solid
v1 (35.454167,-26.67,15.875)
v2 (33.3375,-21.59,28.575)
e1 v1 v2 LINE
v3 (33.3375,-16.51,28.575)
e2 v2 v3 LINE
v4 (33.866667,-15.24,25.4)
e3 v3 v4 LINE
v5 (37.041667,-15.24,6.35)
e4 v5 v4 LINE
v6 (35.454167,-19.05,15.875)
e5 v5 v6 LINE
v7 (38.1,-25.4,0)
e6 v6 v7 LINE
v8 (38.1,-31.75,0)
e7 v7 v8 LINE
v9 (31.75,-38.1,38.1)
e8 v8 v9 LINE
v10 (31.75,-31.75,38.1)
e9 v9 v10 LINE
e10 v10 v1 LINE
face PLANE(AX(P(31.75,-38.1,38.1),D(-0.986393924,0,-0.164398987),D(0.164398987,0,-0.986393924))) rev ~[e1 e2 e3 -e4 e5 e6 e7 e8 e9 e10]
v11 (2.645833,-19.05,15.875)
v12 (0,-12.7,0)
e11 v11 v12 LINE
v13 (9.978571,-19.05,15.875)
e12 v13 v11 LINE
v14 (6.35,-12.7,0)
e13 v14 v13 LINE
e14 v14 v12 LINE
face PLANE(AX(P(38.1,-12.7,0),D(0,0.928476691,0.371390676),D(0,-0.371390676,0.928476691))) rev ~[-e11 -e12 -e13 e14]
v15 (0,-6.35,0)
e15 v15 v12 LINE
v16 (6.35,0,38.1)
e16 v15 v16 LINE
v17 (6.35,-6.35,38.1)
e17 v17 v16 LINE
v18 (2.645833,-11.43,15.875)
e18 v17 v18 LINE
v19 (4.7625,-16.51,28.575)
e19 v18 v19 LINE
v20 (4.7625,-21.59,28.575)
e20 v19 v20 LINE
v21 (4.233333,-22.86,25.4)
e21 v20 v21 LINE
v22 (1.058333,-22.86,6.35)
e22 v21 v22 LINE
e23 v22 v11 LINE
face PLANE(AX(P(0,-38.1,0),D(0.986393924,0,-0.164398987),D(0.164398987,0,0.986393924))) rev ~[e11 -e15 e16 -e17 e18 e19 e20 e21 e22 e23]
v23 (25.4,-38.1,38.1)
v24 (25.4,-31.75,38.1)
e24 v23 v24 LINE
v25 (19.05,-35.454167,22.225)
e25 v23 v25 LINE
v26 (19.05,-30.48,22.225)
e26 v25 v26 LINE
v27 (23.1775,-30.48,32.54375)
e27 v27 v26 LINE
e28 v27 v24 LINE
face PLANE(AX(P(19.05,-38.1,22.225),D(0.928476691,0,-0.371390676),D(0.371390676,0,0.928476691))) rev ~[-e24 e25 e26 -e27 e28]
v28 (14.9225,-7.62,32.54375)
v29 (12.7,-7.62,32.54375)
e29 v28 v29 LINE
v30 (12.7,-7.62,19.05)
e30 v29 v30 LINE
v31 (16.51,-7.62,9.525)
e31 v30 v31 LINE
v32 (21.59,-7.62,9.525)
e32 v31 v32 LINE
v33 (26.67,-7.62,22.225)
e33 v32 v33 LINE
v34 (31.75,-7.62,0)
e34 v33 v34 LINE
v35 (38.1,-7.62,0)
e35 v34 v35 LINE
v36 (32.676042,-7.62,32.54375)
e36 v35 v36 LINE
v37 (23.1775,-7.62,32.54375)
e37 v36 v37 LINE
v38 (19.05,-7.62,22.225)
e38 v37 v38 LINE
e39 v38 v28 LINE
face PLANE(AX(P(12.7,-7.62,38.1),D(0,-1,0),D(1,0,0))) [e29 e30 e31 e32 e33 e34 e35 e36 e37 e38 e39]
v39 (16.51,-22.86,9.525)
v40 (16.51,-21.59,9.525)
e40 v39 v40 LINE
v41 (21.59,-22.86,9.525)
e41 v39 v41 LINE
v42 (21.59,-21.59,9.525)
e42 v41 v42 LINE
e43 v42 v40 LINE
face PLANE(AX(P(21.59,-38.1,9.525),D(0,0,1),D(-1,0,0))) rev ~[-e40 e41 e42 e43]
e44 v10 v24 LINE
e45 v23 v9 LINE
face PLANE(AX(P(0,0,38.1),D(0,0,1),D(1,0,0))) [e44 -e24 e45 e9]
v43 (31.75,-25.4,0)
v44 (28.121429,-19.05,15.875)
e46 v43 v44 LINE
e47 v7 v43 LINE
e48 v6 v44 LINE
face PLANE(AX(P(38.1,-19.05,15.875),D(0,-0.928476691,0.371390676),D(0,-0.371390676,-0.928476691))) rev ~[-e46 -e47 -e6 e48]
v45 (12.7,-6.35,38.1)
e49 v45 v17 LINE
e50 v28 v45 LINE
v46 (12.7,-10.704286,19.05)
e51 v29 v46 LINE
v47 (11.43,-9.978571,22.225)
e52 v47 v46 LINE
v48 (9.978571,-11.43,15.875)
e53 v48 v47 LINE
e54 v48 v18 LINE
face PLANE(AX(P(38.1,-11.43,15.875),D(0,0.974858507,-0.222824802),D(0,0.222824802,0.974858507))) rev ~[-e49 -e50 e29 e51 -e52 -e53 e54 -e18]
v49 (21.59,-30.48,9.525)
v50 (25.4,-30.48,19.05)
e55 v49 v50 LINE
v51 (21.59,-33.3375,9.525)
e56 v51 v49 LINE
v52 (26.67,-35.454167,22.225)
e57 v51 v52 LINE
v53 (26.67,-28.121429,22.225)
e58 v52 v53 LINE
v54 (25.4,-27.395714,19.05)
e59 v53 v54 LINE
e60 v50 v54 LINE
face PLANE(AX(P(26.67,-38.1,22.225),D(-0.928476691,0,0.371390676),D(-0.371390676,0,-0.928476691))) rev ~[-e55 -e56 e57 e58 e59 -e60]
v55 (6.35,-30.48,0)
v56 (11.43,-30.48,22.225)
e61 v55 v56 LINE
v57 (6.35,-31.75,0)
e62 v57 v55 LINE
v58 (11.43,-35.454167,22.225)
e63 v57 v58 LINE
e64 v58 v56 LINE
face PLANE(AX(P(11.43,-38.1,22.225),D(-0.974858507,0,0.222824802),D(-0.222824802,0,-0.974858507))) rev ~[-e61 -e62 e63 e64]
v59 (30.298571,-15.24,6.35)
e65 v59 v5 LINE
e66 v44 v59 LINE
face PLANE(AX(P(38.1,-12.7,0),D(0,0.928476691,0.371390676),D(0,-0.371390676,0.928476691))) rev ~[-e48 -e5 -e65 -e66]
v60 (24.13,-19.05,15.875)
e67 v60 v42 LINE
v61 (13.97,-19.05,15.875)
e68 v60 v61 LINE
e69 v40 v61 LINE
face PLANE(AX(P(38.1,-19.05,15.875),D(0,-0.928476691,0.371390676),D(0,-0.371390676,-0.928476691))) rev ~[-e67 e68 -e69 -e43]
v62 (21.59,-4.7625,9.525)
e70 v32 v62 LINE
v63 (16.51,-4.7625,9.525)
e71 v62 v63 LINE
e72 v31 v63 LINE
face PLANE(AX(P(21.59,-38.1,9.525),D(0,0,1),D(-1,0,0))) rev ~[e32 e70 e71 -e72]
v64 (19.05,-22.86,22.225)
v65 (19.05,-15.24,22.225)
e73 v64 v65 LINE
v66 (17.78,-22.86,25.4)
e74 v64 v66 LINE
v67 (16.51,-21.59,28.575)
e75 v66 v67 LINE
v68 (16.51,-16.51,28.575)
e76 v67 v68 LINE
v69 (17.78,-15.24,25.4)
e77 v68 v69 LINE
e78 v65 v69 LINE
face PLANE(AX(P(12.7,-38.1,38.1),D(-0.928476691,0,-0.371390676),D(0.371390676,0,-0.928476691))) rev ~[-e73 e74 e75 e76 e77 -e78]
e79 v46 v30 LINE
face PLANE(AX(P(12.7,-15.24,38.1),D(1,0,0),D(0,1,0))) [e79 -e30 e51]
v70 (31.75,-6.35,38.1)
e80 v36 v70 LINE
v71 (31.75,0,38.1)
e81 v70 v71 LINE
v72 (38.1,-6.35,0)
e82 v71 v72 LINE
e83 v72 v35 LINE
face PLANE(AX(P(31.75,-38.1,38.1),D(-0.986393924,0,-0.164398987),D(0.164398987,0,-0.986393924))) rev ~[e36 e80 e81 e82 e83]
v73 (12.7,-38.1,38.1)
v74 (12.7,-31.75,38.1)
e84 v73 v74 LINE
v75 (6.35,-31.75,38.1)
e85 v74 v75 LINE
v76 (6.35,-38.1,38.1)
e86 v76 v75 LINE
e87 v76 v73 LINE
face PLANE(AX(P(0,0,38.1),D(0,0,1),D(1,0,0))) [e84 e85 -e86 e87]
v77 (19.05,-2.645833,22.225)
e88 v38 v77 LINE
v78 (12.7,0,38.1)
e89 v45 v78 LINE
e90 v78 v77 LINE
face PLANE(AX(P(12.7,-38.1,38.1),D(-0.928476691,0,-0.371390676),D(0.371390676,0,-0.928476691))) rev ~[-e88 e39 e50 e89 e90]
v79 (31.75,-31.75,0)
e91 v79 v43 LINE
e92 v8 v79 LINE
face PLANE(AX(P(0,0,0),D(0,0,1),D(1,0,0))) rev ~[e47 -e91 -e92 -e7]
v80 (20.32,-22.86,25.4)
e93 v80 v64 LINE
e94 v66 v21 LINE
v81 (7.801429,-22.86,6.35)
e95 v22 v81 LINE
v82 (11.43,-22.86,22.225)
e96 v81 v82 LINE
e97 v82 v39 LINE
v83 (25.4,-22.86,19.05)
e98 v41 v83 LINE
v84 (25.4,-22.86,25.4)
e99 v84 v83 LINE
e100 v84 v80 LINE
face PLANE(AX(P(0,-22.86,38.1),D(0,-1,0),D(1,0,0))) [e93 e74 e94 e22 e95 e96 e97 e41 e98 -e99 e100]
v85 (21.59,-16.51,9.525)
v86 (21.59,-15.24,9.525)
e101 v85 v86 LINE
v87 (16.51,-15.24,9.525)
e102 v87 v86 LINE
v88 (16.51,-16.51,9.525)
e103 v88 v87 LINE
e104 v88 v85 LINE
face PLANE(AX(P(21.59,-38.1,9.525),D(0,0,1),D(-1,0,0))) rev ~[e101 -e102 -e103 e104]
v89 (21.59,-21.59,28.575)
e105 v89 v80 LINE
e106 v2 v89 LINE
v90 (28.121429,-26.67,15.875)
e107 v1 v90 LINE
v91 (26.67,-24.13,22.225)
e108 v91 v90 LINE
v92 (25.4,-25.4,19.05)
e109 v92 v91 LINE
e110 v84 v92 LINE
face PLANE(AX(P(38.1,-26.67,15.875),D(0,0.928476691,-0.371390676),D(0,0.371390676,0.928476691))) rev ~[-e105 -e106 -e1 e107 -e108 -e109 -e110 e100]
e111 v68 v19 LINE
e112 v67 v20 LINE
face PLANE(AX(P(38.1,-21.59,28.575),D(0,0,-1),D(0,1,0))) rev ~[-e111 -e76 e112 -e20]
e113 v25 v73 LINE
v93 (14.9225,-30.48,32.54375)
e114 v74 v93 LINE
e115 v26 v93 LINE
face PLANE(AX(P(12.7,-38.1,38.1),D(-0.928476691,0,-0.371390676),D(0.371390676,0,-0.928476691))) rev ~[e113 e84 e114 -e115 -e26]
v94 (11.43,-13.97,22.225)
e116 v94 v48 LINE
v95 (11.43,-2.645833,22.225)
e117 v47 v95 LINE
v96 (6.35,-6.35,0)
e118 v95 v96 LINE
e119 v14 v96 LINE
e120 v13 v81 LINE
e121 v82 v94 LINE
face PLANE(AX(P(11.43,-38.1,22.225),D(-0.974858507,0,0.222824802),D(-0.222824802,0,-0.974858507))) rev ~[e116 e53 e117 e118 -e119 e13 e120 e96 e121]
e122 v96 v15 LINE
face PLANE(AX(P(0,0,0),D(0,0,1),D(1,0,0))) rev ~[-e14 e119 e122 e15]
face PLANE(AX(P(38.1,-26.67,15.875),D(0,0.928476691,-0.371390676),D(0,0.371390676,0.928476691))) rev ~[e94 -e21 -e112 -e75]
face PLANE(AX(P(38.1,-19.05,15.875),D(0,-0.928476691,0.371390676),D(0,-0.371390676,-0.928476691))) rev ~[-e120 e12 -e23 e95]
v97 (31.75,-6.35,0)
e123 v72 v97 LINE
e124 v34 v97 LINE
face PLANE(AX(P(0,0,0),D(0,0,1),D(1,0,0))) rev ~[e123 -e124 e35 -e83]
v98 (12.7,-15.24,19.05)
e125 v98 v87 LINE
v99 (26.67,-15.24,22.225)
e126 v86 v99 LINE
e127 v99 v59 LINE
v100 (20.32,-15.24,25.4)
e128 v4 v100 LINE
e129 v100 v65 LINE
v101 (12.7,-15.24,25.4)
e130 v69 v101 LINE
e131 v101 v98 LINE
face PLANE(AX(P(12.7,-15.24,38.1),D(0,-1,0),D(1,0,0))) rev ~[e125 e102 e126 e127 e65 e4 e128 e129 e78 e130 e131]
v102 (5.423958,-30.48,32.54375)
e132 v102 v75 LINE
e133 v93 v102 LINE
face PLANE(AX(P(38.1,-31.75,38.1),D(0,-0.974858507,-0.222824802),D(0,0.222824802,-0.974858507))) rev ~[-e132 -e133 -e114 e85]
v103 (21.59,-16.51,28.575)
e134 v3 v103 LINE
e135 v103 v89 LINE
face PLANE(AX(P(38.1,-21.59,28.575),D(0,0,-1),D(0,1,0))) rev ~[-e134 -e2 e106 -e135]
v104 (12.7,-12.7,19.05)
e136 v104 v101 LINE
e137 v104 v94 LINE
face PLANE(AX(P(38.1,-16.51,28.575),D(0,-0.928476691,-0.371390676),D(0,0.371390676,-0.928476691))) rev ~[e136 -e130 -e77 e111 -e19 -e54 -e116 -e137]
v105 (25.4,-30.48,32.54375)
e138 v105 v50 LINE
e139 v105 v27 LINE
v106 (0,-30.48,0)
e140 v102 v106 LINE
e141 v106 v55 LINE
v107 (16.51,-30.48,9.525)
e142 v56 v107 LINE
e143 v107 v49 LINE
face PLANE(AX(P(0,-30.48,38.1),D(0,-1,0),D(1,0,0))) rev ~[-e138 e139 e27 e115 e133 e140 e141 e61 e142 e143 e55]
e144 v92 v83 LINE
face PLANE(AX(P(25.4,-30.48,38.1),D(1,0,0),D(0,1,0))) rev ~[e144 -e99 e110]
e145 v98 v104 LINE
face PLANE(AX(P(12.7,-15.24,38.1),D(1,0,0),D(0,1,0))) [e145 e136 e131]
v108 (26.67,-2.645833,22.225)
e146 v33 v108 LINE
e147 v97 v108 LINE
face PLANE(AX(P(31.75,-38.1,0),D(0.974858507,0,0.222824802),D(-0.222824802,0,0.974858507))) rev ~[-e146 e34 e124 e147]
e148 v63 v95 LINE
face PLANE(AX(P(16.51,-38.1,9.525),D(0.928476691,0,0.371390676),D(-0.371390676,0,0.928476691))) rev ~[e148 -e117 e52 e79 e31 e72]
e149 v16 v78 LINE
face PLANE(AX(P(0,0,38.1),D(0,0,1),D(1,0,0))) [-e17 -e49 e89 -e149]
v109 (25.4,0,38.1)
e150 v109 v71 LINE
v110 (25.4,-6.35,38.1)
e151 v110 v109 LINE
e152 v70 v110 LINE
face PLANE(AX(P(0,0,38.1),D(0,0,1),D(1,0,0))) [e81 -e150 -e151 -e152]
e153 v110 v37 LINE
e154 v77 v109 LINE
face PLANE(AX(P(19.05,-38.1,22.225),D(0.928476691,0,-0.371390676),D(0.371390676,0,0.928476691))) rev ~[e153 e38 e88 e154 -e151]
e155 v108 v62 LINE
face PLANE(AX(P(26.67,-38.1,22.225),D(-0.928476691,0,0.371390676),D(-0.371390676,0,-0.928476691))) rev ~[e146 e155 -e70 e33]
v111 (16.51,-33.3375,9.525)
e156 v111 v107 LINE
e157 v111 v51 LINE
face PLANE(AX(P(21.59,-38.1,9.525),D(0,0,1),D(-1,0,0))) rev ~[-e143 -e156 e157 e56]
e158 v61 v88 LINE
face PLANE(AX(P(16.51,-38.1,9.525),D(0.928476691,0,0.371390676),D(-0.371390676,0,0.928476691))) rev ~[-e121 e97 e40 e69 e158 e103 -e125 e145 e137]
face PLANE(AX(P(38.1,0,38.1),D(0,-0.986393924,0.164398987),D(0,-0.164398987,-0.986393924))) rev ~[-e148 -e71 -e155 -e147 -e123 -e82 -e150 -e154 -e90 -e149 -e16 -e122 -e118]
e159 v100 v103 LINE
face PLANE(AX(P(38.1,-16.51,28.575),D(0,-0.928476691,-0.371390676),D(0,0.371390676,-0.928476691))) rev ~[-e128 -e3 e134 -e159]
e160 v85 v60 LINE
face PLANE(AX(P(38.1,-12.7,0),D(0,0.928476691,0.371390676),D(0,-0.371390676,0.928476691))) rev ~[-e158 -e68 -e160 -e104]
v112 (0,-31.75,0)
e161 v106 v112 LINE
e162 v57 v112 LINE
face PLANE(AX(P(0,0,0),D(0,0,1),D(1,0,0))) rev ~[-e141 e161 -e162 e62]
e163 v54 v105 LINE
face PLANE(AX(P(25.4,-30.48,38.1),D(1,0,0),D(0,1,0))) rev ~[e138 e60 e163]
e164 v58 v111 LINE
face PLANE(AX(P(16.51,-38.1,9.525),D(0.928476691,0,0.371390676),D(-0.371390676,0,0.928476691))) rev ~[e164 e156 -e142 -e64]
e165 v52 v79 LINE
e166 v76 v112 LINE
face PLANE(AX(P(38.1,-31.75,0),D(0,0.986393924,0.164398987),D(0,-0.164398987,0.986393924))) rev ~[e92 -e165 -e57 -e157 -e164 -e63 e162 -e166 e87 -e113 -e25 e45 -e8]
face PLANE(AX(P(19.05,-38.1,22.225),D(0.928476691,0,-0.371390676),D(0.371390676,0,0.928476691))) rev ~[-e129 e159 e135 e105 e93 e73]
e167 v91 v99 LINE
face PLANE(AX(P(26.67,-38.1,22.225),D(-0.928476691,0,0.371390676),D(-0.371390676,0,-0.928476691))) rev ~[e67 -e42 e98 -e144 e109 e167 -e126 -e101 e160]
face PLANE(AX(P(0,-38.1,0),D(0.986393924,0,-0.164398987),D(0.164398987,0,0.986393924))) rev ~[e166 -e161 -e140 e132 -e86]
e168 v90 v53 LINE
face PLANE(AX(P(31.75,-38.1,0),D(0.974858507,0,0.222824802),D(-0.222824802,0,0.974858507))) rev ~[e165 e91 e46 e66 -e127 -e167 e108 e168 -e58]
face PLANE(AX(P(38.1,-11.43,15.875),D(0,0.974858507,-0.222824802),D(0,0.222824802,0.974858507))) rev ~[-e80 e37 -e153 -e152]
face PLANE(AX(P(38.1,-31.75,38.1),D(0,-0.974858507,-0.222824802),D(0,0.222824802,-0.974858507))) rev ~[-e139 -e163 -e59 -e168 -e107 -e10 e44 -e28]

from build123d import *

# Parameters (mm, degrees)
F0_W      = 38.1
F0_H      = 38.1
F1_DEPTH  = 38.1
F6_DEPTH  = 38.1
F8_DEPTH  = 38.1
F9_W      = 25.4
F9_H      = 7.62
F10_DEPTH = 38.1


with BuildPart() as f1:
    # F0 (on Front) → F1 (new body)
    with BuildSketch(Plane.XZ):
        with Locations((19.05, 19.05)):
            Rectangle(F0_W, F0_H)
    extrude(amount=F1_DEPTH)

    # F5 (on offset) → F6 (cut)
    with BuildSketch(Plane.YZ.offset(38.1)):
        Polygon((-6.35, 0), (0, 0), (0, 38.1), align=None)
        Polygon((-25.4, 0), (-12.7, 0), (-19.05, 15.875), align=None)
        Polygon((-38.1, 0), (-31.75, 0), (-38.1, 38.1), align=None)
        Polygon((-11.43, 15.875), (-6.35, 38.1), (-31.75, 38.1), (-26.67, 15.875), (-21.59, 28.575), (-16.51, 28.575), align=None)
    extrude(amount=-F6_DEPTH, mode=Mode.SUBTRACT)

    # F7 (on offset) → F8 (cut)
    with BuildSketch(Plane.XZ.offset(38.1)):
        Polygon((0, 38.1), (0, 0), (6.35, 38.1), align=None)
        Polygon((11.43, 22.225), (6.35, 0), (31.75, 0), (26.67, 22.225), (21.59, 9.525), (16.51, 9.525), align=None)
        Polygon((25.4, 38.1), (12.7, 38.1), (19.05, 22.225), align=None)
        Polygon((31.75, 38.1), (38.1, 0), (38.1, 38.1), align=None)
    extrude(amount=-F8_DEPTH, mode=Mode.SUBTRACT)

    # F9 (on offset) → F10 (cut)
    with BuildSketch(Plane.XY.offset(38.1)):
        with Locations((25.4, -11.43)):
            Rectangle(F9_W, F9_H)
        with Locations((12.7, -26.67)):
            Rectangle(F9_W, F9_H)
    extrude(amount=-F10_DEPTH, mode=Mode.SUBTRACT)


solid = f1.part
